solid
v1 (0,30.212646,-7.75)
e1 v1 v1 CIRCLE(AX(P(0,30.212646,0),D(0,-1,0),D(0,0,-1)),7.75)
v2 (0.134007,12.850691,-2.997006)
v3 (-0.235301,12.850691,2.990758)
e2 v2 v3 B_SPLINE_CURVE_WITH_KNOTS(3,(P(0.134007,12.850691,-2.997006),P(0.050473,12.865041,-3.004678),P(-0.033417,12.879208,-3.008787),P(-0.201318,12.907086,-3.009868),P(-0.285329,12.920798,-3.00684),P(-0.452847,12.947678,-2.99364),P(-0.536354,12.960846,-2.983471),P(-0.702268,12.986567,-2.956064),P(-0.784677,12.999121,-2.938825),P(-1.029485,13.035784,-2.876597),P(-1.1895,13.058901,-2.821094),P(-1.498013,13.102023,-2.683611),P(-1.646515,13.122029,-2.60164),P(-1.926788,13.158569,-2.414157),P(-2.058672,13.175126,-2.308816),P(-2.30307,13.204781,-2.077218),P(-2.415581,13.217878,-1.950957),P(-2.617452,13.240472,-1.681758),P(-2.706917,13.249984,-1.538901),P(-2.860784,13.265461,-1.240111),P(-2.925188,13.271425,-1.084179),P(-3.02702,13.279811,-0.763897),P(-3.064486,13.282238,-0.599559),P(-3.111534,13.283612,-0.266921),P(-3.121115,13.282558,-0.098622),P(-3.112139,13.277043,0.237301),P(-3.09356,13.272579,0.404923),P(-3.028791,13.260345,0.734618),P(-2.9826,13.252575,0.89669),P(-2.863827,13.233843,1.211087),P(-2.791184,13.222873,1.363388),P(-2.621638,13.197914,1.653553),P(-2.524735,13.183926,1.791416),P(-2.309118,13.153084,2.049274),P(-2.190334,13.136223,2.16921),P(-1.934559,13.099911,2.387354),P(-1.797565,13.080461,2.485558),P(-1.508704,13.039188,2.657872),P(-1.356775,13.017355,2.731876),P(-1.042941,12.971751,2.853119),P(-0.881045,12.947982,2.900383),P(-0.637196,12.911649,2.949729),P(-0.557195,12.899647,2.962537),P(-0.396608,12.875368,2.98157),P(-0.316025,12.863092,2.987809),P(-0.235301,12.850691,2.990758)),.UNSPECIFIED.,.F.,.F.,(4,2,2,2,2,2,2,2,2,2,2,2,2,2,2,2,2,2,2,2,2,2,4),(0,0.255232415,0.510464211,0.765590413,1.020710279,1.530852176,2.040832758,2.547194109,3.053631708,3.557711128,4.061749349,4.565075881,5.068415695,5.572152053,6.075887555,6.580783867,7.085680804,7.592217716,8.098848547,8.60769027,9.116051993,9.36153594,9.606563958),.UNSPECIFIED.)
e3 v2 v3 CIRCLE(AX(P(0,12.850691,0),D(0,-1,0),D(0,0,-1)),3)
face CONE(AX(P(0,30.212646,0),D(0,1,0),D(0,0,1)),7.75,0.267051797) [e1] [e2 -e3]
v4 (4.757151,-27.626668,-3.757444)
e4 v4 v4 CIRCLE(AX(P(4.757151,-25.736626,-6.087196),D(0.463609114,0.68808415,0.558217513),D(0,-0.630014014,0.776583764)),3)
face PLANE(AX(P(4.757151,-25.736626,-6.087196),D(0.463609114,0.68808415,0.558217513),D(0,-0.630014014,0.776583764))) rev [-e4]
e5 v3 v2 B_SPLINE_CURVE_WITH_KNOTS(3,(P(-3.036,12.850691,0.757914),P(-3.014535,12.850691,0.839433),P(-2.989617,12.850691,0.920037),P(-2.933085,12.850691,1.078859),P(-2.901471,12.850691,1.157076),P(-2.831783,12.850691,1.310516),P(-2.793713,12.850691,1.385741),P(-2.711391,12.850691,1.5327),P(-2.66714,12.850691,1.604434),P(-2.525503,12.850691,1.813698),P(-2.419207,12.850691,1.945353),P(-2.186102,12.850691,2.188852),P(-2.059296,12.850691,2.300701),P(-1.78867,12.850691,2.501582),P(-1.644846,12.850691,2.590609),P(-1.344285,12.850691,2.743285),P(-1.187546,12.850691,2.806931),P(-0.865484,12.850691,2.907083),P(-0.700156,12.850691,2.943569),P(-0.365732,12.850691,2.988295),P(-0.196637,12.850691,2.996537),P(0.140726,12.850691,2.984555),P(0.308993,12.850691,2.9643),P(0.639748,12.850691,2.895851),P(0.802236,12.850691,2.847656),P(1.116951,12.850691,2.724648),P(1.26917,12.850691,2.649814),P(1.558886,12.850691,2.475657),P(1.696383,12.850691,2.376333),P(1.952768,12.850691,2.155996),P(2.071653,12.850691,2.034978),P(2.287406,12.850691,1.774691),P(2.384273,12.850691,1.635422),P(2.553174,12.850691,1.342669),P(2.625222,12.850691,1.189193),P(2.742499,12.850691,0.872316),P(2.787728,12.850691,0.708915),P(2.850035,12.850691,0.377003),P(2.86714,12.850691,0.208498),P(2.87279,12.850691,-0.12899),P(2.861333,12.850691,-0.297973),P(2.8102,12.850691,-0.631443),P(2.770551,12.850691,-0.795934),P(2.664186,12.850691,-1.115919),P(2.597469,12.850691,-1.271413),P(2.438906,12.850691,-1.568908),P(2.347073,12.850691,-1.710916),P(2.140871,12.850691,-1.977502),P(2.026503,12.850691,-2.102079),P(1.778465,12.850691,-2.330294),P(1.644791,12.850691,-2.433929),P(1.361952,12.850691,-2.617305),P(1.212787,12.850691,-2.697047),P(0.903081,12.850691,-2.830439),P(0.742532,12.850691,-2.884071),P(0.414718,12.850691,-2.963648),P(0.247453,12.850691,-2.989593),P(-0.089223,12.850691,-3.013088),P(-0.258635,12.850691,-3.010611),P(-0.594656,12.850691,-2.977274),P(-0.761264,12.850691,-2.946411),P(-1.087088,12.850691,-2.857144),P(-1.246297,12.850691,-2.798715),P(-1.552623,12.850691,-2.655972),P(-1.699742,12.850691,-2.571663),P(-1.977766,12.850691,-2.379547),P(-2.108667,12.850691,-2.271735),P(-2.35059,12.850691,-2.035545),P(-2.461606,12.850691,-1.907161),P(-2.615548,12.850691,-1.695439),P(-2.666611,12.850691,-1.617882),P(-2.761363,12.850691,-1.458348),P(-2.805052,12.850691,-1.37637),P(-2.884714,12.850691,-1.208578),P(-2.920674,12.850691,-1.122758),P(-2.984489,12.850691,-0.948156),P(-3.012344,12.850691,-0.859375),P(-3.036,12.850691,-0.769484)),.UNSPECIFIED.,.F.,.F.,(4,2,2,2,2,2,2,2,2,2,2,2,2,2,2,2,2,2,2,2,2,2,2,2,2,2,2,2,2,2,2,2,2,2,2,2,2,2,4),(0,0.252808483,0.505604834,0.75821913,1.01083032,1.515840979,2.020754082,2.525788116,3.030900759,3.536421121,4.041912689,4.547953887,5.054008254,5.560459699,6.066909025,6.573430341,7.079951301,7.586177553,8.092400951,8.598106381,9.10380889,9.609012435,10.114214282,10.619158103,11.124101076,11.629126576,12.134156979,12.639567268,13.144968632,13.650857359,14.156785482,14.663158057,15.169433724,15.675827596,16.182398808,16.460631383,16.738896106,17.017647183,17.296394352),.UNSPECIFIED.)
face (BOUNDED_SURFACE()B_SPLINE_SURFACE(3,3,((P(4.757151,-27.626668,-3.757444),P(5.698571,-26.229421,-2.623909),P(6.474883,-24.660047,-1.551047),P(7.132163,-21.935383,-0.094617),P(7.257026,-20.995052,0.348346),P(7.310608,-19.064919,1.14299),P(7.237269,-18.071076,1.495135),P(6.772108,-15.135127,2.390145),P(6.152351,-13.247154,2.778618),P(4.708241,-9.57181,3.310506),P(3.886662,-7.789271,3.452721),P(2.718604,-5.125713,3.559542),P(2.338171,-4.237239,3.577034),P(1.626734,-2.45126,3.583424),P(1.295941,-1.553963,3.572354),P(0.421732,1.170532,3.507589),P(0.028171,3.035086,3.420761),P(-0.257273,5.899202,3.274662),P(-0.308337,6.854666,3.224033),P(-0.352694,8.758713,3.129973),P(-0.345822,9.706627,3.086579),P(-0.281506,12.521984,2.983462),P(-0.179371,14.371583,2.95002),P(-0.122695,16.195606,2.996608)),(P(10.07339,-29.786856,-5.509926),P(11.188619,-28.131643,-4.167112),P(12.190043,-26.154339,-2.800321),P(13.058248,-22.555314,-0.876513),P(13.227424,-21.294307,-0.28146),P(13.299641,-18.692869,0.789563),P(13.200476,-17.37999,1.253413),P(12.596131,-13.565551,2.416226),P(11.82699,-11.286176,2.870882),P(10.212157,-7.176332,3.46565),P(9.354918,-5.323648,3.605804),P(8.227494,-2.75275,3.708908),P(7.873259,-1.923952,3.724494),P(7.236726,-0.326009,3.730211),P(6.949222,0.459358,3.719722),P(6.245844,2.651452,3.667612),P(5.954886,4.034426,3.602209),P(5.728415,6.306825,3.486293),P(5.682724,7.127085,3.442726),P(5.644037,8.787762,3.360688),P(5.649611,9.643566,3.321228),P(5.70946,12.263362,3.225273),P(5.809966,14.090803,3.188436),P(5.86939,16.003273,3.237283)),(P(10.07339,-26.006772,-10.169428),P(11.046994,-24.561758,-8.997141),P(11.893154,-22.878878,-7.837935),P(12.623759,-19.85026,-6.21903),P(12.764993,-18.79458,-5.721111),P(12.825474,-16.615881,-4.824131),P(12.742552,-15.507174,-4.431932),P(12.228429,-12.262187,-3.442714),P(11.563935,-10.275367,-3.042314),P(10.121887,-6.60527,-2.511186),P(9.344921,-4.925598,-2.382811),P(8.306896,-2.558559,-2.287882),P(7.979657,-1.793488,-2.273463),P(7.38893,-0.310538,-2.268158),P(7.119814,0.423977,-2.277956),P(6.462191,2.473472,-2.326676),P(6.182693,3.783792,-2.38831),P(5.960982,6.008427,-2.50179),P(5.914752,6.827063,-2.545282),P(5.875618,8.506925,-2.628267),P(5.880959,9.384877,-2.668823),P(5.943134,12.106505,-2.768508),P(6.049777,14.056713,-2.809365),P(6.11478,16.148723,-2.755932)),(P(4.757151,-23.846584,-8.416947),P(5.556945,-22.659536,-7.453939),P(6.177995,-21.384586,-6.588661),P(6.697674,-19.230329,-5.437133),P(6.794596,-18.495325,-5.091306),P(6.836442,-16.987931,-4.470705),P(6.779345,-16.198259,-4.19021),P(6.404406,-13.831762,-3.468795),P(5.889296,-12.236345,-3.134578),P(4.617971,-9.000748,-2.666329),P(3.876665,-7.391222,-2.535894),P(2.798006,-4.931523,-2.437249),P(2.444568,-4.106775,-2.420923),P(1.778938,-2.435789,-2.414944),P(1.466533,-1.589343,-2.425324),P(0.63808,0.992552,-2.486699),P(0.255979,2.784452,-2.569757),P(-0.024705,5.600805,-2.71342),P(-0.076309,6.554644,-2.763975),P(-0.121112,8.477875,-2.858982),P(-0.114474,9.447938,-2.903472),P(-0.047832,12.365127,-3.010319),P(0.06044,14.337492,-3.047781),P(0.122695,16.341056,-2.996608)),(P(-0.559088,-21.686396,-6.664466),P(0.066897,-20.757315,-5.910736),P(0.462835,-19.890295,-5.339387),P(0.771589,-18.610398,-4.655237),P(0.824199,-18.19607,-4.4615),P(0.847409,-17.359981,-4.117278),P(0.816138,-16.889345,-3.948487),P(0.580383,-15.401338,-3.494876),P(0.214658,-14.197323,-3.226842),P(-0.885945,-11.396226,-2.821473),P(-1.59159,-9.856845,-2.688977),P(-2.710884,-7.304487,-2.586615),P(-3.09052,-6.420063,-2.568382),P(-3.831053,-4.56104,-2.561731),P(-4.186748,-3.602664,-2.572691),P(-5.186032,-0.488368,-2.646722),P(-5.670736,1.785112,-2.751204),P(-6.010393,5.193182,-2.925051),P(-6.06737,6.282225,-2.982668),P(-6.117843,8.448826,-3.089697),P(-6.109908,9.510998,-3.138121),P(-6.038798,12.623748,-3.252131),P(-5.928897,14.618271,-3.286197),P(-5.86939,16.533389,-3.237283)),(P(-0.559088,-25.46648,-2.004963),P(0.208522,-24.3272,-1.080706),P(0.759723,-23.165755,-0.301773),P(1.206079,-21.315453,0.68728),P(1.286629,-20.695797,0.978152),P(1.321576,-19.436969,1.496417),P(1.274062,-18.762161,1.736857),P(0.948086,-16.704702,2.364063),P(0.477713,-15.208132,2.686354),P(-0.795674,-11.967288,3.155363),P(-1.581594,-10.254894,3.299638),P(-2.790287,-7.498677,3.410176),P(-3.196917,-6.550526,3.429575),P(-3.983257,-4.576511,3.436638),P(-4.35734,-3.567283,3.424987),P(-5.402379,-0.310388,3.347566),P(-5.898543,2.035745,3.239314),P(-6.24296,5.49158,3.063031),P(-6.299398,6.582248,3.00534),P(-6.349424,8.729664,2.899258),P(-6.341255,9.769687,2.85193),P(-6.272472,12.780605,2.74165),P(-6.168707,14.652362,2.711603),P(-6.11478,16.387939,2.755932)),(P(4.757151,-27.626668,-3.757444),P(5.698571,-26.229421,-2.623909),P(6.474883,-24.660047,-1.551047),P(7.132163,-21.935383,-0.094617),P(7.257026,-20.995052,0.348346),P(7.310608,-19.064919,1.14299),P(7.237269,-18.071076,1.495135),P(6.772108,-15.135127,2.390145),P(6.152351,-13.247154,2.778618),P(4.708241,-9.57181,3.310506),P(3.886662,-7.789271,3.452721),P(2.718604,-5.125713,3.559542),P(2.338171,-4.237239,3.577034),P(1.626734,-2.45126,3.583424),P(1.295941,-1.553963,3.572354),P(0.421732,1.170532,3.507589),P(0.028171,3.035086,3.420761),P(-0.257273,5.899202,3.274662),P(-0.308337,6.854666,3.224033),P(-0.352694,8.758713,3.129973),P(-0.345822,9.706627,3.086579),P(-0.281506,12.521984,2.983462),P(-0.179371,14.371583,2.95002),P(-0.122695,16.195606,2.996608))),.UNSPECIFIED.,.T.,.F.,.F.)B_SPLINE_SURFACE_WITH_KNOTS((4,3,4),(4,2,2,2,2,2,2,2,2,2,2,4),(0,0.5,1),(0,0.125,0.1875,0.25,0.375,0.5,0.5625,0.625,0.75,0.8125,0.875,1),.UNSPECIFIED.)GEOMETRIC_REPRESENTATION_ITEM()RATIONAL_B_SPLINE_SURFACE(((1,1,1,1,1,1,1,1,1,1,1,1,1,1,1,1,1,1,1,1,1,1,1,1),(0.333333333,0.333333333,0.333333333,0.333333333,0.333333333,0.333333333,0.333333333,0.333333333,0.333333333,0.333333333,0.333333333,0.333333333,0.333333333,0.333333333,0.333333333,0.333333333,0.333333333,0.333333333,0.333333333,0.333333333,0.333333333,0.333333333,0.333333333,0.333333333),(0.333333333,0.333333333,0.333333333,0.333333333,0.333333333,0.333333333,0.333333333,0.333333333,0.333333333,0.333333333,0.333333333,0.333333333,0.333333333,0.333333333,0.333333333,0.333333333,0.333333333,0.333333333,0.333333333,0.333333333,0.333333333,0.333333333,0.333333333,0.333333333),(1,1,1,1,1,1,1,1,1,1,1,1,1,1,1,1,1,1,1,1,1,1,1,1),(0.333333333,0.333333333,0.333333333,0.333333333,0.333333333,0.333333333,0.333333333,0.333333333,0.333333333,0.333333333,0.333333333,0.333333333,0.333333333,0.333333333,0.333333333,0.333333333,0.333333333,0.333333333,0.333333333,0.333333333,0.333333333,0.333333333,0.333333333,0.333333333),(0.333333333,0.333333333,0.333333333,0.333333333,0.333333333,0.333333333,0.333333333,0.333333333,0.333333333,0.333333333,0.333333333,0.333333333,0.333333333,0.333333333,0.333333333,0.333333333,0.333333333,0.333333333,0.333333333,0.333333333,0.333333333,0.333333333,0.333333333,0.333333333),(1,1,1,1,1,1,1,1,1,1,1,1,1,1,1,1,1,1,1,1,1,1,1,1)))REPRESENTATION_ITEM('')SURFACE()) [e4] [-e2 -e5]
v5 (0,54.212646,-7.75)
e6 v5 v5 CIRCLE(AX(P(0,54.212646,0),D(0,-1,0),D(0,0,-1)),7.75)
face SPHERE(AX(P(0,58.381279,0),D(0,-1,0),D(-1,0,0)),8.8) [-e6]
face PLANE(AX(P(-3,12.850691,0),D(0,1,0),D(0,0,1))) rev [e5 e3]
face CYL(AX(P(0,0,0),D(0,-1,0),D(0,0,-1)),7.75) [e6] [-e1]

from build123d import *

# Parameters (mm, degrees)
SWEEP1_PROFILE_R = 3


with BuildPart() as part:
    # Sketch1 → Revolve1 (revolve)
    with BuildSketch(Plane.XY, mode=Mode.PRIVATE) as revolve1_sk:
        with BuildLine():
            Line((-7.75, 54.212646434), (-7.75, 30.212646434))
            Line((-7.75, 30.212646434), (-3, 12.850690899))
            Line((-3, 12.850690899), (0, 12.850690899))
            Line((0, 12.850690899), (0, 67.181279304))
            ThreePointArc((0, 67.181279304), (-7.553938352, 62.895480825), (-7.75, 54.212646434))
        make_face()
    revolve(revolve1_sk.sketch.rotate(Axis((0, 0, 0), (0, 1, 0)), 270), axis=Axis((0, 0, 0), (0, 1, 0)))

    # Sweep1: sweep along a curve in space
    with BuildLine() as sweep1_path:
        add(Edge.make_bspline(
            [(4.757150603, -25.7366262, -6.087195701), (5.627758214, -24.44447883, -5.038923783), (6.326435868, -23.022325912, -4.069859604), (6.91492029, -20.582851477, -2.765872435), (7.025810676, -19.745186706, -2.371479313), (7.073525311, -18.026427041, -1.663857917), (7.008307419, -17.134667314, -1.347536733), (6.588256268, -14.483444971, -0.53932608), (6.020824588, -12.741751031, -0.177979953), (4.663105328, -9.286277523, 0.322088757), (3.881663348, -7.590246514, 0.45841315), (2.383852026, -4.174742003, 0.595391257), (1.665016873, -2.456050286, 0.594538606), (0.529903449, 1.081541048, 0.510445474), (0.142072783, 2.909765759, 0.425502373), (-0.235341403, 6.696751388, 0.232326759), (-0.25197438, 8.621859122, 0.126547871), (-0.164669136, 12.443553865, -0.01342884), (-0.059465227, 14.354537371, -0.048880755), (0, 16.268330958, 0)],
            knots=[0, 0, 0, 0, 0.125, 0.125, 0.1875, 0.1875, 0.25, 0.25, 0.375, 0.375, 0.5, 0.5, 0.625, 0.625, 0.75, 0.75, 0.875, 0.875, 1, 1, 1, 1], degree=3))
    # Sweep1 profile (on start of the path) → Sweep1 (sweep)
    with BuildSketch(Plane(origin=(4.757150603, -25.7366262, -6.087195701), x_dir=(0, -0.6300140142468761, 0.7765837635777205), z_dir=(0.4636091144869047, 0.6880841496379605, 0.5582175131448969))):
        Circle(SWEEP1_PROFILE_R)
    sweep(path=sweep1_path.line)


solid = part.part
